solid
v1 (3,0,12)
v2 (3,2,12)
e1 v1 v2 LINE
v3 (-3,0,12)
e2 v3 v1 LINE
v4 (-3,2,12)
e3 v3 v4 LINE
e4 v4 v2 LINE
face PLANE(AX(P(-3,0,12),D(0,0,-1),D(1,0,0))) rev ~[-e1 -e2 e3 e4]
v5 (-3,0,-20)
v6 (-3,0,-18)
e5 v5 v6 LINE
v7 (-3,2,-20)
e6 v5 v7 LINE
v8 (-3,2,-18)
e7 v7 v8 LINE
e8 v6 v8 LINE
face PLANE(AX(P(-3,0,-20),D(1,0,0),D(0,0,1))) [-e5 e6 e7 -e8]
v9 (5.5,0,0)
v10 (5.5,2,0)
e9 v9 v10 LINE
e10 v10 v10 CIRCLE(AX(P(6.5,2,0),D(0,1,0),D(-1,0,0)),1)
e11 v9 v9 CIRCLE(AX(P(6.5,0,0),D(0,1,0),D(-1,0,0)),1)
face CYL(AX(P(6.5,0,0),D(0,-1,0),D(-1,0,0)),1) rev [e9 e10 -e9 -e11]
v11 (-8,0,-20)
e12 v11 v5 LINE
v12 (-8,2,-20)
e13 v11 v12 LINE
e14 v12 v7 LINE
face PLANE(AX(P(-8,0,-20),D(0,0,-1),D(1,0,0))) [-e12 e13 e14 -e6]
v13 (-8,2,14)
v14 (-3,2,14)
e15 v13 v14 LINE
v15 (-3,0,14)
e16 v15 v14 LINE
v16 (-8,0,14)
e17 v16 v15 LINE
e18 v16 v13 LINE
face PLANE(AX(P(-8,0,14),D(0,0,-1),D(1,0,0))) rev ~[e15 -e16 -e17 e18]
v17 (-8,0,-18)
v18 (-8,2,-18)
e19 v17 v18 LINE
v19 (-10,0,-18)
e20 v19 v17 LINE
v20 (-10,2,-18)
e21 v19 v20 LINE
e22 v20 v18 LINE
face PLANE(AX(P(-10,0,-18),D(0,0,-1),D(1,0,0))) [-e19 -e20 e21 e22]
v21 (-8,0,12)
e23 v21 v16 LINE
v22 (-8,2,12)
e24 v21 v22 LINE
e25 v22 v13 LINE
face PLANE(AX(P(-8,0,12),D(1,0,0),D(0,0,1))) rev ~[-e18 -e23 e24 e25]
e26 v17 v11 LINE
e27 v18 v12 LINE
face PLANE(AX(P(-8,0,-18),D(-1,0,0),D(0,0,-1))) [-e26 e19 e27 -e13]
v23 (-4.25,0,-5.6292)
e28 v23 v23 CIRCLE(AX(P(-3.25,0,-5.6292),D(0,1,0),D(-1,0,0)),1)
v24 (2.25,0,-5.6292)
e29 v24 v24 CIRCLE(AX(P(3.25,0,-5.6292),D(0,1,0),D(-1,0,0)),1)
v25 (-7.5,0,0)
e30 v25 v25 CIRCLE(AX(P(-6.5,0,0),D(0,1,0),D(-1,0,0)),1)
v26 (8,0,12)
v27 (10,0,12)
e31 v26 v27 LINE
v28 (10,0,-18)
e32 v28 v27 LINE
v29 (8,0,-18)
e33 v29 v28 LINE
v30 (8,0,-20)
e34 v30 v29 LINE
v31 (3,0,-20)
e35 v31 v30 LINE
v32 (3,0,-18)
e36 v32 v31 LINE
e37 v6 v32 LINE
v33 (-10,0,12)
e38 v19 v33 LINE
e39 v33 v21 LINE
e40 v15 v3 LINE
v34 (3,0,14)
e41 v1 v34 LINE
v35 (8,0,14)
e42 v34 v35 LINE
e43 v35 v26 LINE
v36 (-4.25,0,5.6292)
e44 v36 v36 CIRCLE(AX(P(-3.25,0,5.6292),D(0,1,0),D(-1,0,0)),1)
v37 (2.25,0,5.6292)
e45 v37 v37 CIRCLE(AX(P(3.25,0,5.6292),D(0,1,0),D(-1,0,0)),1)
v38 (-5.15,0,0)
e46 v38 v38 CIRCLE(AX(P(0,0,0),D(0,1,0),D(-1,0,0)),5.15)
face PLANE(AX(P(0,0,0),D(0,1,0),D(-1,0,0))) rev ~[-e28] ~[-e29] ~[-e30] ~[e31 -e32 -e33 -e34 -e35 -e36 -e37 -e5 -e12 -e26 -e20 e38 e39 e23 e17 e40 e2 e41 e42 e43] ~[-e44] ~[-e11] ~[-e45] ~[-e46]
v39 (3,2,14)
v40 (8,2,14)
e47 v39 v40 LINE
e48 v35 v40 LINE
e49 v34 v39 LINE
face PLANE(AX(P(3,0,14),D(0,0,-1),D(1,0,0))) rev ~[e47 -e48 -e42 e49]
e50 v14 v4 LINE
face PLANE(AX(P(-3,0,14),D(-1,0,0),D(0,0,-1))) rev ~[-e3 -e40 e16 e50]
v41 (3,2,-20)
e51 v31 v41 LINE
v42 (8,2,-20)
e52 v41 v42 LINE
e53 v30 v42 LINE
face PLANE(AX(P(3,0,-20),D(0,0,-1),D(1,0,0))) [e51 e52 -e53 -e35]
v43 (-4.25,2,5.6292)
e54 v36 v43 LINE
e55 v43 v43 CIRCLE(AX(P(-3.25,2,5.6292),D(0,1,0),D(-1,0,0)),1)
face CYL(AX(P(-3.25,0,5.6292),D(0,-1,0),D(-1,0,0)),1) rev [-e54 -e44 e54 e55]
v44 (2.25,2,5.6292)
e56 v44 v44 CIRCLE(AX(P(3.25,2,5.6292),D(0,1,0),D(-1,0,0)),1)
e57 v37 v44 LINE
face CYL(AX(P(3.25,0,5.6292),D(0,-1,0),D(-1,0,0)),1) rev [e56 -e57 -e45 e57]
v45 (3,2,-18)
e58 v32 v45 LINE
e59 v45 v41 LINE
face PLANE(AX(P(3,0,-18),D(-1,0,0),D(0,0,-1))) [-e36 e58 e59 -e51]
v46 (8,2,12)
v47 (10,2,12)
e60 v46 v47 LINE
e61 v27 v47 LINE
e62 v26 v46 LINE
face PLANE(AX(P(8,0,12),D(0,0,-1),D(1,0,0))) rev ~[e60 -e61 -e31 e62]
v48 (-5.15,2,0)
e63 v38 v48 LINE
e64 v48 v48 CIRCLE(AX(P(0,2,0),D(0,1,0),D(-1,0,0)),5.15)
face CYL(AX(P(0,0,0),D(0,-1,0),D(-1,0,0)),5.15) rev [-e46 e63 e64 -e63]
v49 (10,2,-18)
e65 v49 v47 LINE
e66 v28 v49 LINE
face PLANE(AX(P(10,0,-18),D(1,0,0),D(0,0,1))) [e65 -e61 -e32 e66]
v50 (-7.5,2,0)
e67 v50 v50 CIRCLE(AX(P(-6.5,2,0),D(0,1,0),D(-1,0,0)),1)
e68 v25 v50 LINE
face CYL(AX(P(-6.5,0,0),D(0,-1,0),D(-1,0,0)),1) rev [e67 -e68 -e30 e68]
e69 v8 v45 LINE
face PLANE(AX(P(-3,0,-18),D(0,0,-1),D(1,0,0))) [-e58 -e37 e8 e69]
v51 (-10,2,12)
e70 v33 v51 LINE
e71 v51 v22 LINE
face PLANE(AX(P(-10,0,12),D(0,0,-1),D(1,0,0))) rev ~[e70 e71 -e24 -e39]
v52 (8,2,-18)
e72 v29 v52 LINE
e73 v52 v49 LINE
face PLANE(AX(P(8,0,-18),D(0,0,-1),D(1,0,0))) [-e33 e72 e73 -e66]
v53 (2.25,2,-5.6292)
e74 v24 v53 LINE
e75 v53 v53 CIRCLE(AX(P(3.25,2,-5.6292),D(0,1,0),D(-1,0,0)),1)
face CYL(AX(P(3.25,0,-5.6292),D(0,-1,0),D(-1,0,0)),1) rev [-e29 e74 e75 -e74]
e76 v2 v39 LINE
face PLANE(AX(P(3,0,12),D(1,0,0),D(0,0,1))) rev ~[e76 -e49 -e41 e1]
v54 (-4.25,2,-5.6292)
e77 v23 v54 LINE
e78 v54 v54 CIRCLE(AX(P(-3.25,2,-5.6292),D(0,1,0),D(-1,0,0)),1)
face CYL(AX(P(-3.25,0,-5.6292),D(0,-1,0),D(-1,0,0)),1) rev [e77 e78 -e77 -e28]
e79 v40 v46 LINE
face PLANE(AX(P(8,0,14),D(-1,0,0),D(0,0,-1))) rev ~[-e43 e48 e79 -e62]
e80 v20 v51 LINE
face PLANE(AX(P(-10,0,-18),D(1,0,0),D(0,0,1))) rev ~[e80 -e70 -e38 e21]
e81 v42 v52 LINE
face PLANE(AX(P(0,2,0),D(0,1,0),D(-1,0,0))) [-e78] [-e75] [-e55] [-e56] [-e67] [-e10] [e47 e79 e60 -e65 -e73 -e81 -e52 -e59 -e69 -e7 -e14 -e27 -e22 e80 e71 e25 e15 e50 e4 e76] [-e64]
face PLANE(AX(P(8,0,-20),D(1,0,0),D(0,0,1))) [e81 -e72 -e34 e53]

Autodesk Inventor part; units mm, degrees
ref_plane "YZ Plane" through (0, 0, 0) normal (1, 0, 0) x (0, 1, 0)
ref_plane "XZ Plane" through (0, 0, 0) normal (0, 1, 0) x (-1, 0, 0)
ref_plane "XY Plane" through (0, 0, 0) normal (0, 0, 1) x (1, 0, 0)
sketch "Sketch1" plane through (0, 0, 0) normal (0, 1, 0) x (-1, 0, 0)
  circle A0 centre (0, 0) radius 5.15
  circle A1 centre (6.5, 0) radius 1
  circle A2 centre (3.25, 5.6292) radius 1
  circle A3 centre (-3.25, 5.6292) radius 1
  circle A4 centre (-6.5, 0) radius 1
  circle A5 centre (-3.25, -5.6292) radius 1
  circle A6 centre (3.25, -5.6292) radius 1
  line L0 (10, -18) -> (8, -18)
  line L1 (8, -18) -> (8, -20)
  line L2 (8, -20) -> (3, -20)
  line L3 (3, -20) -> (3, -18)
  line L4 (3, -18) -> (-3, -18)
  line L5 (-3, -18) -> (-3, -20)
  line L6 (-3, -20) -> (-8, -20)
  line L7 (-8, -20) -> (-8, -18)
  line L8 (-8, -18) -> (-10, -18)
  line L9 (10, -18) -> (10, 12)
  line L10 (-10, -18) -> (-10, 12)
  line L11 (10, 12) -> (8, 12)
  line L12 (8, 12) -> (8, 14)
  line L13 (8, 14) -> (3, 14)
  line L14 (3, 14) -> (3, 12)
  line L15 (3, 12) -> (-3, 12)
  line L16 (-3, 12) -> (-3, 14)
  line L17 (-3, 14) -> (-8, 14)
  line L18 (-8, 14) -> (-8, 12)
  line L19 (-8, 12) -> (-10, 12)
  dimension "d7" = 360
  dimension "d4" = 2
  dimension "d33" = 2
  dimension "d34" = 2
  dimension "d35" = 5
  dimension "d36" = 6
  dimension "d37" = 5
  dimension "d42" = 30
  dimension "d43" = 2
  dimension "d44" = 2
  dimension "d45" = 5
  dimension "d46" = 6
  dimension "d47" = 5
extrude "Extrusion1" add sketch "Sketch1" along normal blind 2
properties part number "Motor Mount"
